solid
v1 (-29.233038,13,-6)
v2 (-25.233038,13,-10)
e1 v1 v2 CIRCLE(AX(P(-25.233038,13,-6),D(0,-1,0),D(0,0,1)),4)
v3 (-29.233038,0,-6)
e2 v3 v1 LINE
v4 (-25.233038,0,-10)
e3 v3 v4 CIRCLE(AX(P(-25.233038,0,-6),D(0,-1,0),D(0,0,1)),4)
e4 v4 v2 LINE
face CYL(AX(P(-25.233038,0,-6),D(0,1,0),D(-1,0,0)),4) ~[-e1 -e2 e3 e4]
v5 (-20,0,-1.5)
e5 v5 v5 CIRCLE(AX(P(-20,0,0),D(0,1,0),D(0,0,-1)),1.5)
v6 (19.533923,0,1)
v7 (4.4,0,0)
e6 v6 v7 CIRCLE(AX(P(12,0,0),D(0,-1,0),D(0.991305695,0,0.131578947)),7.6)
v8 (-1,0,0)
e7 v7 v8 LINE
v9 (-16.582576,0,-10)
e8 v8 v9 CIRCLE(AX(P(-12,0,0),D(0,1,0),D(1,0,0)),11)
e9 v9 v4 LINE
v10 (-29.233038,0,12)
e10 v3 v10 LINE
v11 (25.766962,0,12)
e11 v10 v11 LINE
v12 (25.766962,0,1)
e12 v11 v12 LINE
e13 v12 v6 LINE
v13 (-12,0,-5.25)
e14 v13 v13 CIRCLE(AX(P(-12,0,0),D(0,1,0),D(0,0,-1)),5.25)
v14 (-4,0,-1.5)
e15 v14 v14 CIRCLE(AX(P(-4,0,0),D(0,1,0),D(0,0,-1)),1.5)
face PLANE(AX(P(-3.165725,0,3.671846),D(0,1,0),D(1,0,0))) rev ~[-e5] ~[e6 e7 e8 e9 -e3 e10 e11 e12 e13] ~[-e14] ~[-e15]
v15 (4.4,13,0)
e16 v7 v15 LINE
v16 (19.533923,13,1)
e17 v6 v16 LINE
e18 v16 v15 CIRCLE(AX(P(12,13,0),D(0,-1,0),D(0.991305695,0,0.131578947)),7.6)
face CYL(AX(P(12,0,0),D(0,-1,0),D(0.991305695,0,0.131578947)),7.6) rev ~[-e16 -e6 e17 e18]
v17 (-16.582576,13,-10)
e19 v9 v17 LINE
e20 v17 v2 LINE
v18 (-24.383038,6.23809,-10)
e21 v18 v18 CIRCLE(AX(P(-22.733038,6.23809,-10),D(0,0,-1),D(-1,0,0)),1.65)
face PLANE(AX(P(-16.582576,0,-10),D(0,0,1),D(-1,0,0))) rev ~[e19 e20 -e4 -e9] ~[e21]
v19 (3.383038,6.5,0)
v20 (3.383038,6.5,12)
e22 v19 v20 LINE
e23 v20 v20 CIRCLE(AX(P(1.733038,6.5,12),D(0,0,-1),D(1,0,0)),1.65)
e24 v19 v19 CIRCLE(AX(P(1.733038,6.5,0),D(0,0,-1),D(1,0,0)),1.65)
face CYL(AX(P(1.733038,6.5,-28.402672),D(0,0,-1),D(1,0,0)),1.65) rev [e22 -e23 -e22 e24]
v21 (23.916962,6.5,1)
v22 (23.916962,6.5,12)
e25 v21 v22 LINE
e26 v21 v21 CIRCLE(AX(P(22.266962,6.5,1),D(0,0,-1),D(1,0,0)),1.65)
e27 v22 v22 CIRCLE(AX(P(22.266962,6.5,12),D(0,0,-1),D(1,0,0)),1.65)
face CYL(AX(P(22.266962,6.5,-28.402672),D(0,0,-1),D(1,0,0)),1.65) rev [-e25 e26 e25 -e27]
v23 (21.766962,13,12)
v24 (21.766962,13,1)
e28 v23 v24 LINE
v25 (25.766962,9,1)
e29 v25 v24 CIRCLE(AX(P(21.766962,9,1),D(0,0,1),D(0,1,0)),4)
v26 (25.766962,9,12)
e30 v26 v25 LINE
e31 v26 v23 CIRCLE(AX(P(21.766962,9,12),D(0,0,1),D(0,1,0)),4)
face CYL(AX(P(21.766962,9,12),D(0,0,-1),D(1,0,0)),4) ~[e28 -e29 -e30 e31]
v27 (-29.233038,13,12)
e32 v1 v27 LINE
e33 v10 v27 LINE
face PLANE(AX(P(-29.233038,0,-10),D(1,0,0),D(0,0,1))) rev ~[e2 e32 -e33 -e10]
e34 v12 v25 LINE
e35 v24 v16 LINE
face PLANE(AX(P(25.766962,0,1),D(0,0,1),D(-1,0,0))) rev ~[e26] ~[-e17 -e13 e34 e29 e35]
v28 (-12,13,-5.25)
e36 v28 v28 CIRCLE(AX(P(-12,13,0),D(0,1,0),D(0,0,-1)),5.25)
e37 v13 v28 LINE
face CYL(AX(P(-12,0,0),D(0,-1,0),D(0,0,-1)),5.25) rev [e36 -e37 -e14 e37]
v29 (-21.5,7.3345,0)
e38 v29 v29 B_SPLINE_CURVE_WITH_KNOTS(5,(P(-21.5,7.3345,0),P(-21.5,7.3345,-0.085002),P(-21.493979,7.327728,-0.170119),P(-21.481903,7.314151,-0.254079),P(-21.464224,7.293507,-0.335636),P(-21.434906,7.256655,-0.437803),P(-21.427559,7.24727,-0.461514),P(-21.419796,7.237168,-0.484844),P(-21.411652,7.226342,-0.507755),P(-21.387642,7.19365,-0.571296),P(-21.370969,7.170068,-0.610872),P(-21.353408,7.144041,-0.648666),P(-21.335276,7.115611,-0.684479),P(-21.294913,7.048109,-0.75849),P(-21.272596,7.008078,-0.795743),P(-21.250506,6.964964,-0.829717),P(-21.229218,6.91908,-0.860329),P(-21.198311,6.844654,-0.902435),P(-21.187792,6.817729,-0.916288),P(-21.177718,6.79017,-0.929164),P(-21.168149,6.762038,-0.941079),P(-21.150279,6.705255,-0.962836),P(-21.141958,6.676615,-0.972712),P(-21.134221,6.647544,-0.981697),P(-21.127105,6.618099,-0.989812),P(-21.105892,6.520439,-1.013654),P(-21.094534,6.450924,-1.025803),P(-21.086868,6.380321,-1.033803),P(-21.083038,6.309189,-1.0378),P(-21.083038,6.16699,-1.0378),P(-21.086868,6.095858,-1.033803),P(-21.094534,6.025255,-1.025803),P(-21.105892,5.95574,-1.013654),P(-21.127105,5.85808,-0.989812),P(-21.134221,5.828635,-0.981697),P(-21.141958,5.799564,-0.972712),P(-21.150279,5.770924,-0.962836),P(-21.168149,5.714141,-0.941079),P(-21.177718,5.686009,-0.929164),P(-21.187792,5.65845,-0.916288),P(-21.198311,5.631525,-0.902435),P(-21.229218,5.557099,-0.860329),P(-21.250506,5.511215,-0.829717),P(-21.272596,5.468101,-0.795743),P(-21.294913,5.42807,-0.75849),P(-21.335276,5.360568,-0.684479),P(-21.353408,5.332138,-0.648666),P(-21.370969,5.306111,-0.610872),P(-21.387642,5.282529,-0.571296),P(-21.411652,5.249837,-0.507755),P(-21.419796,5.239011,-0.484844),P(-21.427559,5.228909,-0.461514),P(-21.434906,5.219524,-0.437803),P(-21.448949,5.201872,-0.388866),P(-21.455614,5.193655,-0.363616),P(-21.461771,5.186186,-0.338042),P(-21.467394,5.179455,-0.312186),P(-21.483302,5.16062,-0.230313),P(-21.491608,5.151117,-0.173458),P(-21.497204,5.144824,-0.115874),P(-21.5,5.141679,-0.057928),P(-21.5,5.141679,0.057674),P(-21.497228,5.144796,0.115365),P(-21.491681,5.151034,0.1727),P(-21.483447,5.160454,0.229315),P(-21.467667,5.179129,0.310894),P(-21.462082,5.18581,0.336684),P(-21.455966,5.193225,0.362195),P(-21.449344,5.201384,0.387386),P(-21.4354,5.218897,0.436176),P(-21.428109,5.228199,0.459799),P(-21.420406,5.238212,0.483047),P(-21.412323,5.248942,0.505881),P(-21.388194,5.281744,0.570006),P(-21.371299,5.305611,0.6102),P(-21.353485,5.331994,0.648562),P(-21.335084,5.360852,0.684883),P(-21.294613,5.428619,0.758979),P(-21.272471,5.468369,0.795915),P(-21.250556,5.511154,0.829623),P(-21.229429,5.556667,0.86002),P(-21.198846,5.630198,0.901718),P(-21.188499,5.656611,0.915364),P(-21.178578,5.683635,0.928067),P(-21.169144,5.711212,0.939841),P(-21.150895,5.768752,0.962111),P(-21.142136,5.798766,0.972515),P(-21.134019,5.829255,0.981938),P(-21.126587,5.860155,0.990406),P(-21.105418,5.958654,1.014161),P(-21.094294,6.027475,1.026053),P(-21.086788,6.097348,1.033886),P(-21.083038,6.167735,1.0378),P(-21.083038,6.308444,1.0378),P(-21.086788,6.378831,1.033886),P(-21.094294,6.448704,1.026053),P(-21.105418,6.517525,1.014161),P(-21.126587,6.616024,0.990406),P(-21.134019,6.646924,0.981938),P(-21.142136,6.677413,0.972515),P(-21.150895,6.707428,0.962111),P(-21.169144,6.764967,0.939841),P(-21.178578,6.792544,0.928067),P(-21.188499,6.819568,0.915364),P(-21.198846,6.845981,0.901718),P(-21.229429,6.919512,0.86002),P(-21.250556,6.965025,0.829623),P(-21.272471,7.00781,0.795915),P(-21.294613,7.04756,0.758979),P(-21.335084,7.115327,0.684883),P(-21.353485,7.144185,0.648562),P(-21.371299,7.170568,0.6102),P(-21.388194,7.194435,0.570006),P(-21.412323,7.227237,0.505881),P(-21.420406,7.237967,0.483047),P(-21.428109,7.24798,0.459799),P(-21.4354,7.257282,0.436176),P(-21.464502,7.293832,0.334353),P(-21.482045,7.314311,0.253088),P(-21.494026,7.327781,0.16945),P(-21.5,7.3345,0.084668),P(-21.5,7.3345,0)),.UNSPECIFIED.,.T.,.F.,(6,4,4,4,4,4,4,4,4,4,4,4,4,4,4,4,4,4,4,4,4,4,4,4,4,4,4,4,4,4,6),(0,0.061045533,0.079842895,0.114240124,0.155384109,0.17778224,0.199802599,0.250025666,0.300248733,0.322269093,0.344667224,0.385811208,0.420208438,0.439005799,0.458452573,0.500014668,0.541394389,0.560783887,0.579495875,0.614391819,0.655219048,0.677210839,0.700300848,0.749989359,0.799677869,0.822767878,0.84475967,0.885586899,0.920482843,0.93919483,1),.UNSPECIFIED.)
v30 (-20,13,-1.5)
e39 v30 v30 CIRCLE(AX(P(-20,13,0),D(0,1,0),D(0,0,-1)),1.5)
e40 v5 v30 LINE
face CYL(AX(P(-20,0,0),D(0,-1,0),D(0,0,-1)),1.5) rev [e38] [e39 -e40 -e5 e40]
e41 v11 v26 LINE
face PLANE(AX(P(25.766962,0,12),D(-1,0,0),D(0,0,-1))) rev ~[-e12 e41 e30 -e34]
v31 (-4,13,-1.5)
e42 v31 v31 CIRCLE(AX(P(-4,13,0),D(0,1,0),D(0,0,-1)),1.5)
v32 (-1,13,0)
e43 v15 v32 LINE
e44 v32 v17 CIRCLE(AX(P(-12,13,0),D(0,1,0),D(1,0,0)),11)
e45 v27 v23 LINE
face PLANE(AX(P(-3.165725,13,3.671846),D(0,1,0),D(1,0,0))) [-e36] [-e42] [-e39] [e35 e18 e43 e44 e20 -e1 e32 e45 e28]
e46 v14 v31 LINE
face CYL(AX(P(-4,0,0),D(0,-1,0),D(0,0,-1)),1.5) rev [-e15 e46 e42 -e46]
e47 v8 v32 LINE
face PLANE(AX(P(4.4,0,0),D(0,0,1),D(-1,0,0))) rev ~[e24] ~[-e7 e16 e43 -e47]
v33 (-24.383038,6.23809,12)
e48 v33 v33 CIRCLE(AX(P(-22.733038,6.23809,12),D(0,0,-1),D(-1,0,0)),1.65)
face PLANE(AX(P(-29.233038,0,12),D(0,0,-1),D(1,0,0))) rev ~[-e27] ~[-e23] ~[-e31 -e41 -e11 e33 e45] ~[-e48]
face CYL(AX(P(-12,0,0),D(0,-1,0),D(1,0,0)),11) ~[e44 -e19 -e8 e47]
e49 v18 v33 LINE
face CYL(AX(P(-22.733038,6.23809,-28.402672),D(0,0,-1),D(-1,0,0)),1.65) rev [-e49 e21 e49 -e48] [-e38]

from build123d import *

# Parameters (mm, degrees)
SKETCH1_R               = 1.5
SKETCH1_R_2             = 5.25
BOSS_EXTRUDE4_DEPTH     = 13
FILLET2_R               = 4
CUT_EXTRUDE1_DEPTH      = 40.402671632
CUT_EXTRUDE1_DEPTH_BACK = 40.402671632
SKETCH2_R               = 1.65
FILLET3_R               = 4


with BuildPart() as part:
    # Sketch1 → Boss-Extrude4 (new body)
    with BuildSketch(Plane(origin=(0, 0, 0), x_dir=(1, 0, 0), z_dir=(0, 1, 0))):
        with BuildLine():
            Line((-29.23303836, -12), (25.76696164, -12))
            Line((25.76696164, -12), (25.76696164, -1))
            Line((25.76696164, -1), (19.533923281, -1))
            ThreePointArc((19.533923281, -1), (11.498909656, -7.583462828), (4.4, 0))
            Line((4.4, 0), (-1, 0))
            ThreePointArc((-1, 0), (-6.058970318, 9.257654472), (-16.582575695, 10))
            Line((-16.582575695, 10), (-29.23303836, 10))
            Line((-29.23303836, 10), (-29.23303836, -12))
        make_face()
        with Locations((-4, 0)):
            Circle(SKETCH1_R, mode=Mode.SUBTRACT)
        with Locations((-20, 0)):
            Circle(SKETCH1_R, mode=Mode.SUBTRACT)
        with Locations((-12, 0)):
            Circle(SKETCH1_R_2, mode=Mode.SUBTRACT)
    extrude(amount=BOSS_EXTRUDE4_DEPTH)

    # Fillet2
    fillet2_edges = [part.edges().sort_by_distance(p)[0] for p in [
        (25.76696164, 13, 6.5),
    ]]
    fillet(fillet2_edges, radius=FILLET2_R)

    # Sketch2 → Cut-Extrude1 (cut, two sides: drawn at the far end of the back side and taken through both)
    with BuildSketch(Plane.XY.offset(12).offset(-CUT_EXTRUDE1_DEPTH_BACK)):
        with Locations((22.26696164, 6.5)):
            Circle(SKETCH2_R)
        with Locations((1.73303836, 6.5)):
            Circle(SKETCH2_R)
        with Locations((-22.73303836, 6.238089535)):
            Circle(SKETCH2_R)
    extrude(amount=CUT_EXTRUDE1_DEPTH + CUT_EXTRUDE1_DEPTH_BACK, mode=Mode.SUBTRACT)

    # Fillet3
    fillet3_edges = [part.edges().sort_by_distance(p)[0] for p in [
        (-29.23303836, 6.5, -10),
    ]]
    fillet(fillet3_edges, radius=FILLET3_R)


solid = part.part
